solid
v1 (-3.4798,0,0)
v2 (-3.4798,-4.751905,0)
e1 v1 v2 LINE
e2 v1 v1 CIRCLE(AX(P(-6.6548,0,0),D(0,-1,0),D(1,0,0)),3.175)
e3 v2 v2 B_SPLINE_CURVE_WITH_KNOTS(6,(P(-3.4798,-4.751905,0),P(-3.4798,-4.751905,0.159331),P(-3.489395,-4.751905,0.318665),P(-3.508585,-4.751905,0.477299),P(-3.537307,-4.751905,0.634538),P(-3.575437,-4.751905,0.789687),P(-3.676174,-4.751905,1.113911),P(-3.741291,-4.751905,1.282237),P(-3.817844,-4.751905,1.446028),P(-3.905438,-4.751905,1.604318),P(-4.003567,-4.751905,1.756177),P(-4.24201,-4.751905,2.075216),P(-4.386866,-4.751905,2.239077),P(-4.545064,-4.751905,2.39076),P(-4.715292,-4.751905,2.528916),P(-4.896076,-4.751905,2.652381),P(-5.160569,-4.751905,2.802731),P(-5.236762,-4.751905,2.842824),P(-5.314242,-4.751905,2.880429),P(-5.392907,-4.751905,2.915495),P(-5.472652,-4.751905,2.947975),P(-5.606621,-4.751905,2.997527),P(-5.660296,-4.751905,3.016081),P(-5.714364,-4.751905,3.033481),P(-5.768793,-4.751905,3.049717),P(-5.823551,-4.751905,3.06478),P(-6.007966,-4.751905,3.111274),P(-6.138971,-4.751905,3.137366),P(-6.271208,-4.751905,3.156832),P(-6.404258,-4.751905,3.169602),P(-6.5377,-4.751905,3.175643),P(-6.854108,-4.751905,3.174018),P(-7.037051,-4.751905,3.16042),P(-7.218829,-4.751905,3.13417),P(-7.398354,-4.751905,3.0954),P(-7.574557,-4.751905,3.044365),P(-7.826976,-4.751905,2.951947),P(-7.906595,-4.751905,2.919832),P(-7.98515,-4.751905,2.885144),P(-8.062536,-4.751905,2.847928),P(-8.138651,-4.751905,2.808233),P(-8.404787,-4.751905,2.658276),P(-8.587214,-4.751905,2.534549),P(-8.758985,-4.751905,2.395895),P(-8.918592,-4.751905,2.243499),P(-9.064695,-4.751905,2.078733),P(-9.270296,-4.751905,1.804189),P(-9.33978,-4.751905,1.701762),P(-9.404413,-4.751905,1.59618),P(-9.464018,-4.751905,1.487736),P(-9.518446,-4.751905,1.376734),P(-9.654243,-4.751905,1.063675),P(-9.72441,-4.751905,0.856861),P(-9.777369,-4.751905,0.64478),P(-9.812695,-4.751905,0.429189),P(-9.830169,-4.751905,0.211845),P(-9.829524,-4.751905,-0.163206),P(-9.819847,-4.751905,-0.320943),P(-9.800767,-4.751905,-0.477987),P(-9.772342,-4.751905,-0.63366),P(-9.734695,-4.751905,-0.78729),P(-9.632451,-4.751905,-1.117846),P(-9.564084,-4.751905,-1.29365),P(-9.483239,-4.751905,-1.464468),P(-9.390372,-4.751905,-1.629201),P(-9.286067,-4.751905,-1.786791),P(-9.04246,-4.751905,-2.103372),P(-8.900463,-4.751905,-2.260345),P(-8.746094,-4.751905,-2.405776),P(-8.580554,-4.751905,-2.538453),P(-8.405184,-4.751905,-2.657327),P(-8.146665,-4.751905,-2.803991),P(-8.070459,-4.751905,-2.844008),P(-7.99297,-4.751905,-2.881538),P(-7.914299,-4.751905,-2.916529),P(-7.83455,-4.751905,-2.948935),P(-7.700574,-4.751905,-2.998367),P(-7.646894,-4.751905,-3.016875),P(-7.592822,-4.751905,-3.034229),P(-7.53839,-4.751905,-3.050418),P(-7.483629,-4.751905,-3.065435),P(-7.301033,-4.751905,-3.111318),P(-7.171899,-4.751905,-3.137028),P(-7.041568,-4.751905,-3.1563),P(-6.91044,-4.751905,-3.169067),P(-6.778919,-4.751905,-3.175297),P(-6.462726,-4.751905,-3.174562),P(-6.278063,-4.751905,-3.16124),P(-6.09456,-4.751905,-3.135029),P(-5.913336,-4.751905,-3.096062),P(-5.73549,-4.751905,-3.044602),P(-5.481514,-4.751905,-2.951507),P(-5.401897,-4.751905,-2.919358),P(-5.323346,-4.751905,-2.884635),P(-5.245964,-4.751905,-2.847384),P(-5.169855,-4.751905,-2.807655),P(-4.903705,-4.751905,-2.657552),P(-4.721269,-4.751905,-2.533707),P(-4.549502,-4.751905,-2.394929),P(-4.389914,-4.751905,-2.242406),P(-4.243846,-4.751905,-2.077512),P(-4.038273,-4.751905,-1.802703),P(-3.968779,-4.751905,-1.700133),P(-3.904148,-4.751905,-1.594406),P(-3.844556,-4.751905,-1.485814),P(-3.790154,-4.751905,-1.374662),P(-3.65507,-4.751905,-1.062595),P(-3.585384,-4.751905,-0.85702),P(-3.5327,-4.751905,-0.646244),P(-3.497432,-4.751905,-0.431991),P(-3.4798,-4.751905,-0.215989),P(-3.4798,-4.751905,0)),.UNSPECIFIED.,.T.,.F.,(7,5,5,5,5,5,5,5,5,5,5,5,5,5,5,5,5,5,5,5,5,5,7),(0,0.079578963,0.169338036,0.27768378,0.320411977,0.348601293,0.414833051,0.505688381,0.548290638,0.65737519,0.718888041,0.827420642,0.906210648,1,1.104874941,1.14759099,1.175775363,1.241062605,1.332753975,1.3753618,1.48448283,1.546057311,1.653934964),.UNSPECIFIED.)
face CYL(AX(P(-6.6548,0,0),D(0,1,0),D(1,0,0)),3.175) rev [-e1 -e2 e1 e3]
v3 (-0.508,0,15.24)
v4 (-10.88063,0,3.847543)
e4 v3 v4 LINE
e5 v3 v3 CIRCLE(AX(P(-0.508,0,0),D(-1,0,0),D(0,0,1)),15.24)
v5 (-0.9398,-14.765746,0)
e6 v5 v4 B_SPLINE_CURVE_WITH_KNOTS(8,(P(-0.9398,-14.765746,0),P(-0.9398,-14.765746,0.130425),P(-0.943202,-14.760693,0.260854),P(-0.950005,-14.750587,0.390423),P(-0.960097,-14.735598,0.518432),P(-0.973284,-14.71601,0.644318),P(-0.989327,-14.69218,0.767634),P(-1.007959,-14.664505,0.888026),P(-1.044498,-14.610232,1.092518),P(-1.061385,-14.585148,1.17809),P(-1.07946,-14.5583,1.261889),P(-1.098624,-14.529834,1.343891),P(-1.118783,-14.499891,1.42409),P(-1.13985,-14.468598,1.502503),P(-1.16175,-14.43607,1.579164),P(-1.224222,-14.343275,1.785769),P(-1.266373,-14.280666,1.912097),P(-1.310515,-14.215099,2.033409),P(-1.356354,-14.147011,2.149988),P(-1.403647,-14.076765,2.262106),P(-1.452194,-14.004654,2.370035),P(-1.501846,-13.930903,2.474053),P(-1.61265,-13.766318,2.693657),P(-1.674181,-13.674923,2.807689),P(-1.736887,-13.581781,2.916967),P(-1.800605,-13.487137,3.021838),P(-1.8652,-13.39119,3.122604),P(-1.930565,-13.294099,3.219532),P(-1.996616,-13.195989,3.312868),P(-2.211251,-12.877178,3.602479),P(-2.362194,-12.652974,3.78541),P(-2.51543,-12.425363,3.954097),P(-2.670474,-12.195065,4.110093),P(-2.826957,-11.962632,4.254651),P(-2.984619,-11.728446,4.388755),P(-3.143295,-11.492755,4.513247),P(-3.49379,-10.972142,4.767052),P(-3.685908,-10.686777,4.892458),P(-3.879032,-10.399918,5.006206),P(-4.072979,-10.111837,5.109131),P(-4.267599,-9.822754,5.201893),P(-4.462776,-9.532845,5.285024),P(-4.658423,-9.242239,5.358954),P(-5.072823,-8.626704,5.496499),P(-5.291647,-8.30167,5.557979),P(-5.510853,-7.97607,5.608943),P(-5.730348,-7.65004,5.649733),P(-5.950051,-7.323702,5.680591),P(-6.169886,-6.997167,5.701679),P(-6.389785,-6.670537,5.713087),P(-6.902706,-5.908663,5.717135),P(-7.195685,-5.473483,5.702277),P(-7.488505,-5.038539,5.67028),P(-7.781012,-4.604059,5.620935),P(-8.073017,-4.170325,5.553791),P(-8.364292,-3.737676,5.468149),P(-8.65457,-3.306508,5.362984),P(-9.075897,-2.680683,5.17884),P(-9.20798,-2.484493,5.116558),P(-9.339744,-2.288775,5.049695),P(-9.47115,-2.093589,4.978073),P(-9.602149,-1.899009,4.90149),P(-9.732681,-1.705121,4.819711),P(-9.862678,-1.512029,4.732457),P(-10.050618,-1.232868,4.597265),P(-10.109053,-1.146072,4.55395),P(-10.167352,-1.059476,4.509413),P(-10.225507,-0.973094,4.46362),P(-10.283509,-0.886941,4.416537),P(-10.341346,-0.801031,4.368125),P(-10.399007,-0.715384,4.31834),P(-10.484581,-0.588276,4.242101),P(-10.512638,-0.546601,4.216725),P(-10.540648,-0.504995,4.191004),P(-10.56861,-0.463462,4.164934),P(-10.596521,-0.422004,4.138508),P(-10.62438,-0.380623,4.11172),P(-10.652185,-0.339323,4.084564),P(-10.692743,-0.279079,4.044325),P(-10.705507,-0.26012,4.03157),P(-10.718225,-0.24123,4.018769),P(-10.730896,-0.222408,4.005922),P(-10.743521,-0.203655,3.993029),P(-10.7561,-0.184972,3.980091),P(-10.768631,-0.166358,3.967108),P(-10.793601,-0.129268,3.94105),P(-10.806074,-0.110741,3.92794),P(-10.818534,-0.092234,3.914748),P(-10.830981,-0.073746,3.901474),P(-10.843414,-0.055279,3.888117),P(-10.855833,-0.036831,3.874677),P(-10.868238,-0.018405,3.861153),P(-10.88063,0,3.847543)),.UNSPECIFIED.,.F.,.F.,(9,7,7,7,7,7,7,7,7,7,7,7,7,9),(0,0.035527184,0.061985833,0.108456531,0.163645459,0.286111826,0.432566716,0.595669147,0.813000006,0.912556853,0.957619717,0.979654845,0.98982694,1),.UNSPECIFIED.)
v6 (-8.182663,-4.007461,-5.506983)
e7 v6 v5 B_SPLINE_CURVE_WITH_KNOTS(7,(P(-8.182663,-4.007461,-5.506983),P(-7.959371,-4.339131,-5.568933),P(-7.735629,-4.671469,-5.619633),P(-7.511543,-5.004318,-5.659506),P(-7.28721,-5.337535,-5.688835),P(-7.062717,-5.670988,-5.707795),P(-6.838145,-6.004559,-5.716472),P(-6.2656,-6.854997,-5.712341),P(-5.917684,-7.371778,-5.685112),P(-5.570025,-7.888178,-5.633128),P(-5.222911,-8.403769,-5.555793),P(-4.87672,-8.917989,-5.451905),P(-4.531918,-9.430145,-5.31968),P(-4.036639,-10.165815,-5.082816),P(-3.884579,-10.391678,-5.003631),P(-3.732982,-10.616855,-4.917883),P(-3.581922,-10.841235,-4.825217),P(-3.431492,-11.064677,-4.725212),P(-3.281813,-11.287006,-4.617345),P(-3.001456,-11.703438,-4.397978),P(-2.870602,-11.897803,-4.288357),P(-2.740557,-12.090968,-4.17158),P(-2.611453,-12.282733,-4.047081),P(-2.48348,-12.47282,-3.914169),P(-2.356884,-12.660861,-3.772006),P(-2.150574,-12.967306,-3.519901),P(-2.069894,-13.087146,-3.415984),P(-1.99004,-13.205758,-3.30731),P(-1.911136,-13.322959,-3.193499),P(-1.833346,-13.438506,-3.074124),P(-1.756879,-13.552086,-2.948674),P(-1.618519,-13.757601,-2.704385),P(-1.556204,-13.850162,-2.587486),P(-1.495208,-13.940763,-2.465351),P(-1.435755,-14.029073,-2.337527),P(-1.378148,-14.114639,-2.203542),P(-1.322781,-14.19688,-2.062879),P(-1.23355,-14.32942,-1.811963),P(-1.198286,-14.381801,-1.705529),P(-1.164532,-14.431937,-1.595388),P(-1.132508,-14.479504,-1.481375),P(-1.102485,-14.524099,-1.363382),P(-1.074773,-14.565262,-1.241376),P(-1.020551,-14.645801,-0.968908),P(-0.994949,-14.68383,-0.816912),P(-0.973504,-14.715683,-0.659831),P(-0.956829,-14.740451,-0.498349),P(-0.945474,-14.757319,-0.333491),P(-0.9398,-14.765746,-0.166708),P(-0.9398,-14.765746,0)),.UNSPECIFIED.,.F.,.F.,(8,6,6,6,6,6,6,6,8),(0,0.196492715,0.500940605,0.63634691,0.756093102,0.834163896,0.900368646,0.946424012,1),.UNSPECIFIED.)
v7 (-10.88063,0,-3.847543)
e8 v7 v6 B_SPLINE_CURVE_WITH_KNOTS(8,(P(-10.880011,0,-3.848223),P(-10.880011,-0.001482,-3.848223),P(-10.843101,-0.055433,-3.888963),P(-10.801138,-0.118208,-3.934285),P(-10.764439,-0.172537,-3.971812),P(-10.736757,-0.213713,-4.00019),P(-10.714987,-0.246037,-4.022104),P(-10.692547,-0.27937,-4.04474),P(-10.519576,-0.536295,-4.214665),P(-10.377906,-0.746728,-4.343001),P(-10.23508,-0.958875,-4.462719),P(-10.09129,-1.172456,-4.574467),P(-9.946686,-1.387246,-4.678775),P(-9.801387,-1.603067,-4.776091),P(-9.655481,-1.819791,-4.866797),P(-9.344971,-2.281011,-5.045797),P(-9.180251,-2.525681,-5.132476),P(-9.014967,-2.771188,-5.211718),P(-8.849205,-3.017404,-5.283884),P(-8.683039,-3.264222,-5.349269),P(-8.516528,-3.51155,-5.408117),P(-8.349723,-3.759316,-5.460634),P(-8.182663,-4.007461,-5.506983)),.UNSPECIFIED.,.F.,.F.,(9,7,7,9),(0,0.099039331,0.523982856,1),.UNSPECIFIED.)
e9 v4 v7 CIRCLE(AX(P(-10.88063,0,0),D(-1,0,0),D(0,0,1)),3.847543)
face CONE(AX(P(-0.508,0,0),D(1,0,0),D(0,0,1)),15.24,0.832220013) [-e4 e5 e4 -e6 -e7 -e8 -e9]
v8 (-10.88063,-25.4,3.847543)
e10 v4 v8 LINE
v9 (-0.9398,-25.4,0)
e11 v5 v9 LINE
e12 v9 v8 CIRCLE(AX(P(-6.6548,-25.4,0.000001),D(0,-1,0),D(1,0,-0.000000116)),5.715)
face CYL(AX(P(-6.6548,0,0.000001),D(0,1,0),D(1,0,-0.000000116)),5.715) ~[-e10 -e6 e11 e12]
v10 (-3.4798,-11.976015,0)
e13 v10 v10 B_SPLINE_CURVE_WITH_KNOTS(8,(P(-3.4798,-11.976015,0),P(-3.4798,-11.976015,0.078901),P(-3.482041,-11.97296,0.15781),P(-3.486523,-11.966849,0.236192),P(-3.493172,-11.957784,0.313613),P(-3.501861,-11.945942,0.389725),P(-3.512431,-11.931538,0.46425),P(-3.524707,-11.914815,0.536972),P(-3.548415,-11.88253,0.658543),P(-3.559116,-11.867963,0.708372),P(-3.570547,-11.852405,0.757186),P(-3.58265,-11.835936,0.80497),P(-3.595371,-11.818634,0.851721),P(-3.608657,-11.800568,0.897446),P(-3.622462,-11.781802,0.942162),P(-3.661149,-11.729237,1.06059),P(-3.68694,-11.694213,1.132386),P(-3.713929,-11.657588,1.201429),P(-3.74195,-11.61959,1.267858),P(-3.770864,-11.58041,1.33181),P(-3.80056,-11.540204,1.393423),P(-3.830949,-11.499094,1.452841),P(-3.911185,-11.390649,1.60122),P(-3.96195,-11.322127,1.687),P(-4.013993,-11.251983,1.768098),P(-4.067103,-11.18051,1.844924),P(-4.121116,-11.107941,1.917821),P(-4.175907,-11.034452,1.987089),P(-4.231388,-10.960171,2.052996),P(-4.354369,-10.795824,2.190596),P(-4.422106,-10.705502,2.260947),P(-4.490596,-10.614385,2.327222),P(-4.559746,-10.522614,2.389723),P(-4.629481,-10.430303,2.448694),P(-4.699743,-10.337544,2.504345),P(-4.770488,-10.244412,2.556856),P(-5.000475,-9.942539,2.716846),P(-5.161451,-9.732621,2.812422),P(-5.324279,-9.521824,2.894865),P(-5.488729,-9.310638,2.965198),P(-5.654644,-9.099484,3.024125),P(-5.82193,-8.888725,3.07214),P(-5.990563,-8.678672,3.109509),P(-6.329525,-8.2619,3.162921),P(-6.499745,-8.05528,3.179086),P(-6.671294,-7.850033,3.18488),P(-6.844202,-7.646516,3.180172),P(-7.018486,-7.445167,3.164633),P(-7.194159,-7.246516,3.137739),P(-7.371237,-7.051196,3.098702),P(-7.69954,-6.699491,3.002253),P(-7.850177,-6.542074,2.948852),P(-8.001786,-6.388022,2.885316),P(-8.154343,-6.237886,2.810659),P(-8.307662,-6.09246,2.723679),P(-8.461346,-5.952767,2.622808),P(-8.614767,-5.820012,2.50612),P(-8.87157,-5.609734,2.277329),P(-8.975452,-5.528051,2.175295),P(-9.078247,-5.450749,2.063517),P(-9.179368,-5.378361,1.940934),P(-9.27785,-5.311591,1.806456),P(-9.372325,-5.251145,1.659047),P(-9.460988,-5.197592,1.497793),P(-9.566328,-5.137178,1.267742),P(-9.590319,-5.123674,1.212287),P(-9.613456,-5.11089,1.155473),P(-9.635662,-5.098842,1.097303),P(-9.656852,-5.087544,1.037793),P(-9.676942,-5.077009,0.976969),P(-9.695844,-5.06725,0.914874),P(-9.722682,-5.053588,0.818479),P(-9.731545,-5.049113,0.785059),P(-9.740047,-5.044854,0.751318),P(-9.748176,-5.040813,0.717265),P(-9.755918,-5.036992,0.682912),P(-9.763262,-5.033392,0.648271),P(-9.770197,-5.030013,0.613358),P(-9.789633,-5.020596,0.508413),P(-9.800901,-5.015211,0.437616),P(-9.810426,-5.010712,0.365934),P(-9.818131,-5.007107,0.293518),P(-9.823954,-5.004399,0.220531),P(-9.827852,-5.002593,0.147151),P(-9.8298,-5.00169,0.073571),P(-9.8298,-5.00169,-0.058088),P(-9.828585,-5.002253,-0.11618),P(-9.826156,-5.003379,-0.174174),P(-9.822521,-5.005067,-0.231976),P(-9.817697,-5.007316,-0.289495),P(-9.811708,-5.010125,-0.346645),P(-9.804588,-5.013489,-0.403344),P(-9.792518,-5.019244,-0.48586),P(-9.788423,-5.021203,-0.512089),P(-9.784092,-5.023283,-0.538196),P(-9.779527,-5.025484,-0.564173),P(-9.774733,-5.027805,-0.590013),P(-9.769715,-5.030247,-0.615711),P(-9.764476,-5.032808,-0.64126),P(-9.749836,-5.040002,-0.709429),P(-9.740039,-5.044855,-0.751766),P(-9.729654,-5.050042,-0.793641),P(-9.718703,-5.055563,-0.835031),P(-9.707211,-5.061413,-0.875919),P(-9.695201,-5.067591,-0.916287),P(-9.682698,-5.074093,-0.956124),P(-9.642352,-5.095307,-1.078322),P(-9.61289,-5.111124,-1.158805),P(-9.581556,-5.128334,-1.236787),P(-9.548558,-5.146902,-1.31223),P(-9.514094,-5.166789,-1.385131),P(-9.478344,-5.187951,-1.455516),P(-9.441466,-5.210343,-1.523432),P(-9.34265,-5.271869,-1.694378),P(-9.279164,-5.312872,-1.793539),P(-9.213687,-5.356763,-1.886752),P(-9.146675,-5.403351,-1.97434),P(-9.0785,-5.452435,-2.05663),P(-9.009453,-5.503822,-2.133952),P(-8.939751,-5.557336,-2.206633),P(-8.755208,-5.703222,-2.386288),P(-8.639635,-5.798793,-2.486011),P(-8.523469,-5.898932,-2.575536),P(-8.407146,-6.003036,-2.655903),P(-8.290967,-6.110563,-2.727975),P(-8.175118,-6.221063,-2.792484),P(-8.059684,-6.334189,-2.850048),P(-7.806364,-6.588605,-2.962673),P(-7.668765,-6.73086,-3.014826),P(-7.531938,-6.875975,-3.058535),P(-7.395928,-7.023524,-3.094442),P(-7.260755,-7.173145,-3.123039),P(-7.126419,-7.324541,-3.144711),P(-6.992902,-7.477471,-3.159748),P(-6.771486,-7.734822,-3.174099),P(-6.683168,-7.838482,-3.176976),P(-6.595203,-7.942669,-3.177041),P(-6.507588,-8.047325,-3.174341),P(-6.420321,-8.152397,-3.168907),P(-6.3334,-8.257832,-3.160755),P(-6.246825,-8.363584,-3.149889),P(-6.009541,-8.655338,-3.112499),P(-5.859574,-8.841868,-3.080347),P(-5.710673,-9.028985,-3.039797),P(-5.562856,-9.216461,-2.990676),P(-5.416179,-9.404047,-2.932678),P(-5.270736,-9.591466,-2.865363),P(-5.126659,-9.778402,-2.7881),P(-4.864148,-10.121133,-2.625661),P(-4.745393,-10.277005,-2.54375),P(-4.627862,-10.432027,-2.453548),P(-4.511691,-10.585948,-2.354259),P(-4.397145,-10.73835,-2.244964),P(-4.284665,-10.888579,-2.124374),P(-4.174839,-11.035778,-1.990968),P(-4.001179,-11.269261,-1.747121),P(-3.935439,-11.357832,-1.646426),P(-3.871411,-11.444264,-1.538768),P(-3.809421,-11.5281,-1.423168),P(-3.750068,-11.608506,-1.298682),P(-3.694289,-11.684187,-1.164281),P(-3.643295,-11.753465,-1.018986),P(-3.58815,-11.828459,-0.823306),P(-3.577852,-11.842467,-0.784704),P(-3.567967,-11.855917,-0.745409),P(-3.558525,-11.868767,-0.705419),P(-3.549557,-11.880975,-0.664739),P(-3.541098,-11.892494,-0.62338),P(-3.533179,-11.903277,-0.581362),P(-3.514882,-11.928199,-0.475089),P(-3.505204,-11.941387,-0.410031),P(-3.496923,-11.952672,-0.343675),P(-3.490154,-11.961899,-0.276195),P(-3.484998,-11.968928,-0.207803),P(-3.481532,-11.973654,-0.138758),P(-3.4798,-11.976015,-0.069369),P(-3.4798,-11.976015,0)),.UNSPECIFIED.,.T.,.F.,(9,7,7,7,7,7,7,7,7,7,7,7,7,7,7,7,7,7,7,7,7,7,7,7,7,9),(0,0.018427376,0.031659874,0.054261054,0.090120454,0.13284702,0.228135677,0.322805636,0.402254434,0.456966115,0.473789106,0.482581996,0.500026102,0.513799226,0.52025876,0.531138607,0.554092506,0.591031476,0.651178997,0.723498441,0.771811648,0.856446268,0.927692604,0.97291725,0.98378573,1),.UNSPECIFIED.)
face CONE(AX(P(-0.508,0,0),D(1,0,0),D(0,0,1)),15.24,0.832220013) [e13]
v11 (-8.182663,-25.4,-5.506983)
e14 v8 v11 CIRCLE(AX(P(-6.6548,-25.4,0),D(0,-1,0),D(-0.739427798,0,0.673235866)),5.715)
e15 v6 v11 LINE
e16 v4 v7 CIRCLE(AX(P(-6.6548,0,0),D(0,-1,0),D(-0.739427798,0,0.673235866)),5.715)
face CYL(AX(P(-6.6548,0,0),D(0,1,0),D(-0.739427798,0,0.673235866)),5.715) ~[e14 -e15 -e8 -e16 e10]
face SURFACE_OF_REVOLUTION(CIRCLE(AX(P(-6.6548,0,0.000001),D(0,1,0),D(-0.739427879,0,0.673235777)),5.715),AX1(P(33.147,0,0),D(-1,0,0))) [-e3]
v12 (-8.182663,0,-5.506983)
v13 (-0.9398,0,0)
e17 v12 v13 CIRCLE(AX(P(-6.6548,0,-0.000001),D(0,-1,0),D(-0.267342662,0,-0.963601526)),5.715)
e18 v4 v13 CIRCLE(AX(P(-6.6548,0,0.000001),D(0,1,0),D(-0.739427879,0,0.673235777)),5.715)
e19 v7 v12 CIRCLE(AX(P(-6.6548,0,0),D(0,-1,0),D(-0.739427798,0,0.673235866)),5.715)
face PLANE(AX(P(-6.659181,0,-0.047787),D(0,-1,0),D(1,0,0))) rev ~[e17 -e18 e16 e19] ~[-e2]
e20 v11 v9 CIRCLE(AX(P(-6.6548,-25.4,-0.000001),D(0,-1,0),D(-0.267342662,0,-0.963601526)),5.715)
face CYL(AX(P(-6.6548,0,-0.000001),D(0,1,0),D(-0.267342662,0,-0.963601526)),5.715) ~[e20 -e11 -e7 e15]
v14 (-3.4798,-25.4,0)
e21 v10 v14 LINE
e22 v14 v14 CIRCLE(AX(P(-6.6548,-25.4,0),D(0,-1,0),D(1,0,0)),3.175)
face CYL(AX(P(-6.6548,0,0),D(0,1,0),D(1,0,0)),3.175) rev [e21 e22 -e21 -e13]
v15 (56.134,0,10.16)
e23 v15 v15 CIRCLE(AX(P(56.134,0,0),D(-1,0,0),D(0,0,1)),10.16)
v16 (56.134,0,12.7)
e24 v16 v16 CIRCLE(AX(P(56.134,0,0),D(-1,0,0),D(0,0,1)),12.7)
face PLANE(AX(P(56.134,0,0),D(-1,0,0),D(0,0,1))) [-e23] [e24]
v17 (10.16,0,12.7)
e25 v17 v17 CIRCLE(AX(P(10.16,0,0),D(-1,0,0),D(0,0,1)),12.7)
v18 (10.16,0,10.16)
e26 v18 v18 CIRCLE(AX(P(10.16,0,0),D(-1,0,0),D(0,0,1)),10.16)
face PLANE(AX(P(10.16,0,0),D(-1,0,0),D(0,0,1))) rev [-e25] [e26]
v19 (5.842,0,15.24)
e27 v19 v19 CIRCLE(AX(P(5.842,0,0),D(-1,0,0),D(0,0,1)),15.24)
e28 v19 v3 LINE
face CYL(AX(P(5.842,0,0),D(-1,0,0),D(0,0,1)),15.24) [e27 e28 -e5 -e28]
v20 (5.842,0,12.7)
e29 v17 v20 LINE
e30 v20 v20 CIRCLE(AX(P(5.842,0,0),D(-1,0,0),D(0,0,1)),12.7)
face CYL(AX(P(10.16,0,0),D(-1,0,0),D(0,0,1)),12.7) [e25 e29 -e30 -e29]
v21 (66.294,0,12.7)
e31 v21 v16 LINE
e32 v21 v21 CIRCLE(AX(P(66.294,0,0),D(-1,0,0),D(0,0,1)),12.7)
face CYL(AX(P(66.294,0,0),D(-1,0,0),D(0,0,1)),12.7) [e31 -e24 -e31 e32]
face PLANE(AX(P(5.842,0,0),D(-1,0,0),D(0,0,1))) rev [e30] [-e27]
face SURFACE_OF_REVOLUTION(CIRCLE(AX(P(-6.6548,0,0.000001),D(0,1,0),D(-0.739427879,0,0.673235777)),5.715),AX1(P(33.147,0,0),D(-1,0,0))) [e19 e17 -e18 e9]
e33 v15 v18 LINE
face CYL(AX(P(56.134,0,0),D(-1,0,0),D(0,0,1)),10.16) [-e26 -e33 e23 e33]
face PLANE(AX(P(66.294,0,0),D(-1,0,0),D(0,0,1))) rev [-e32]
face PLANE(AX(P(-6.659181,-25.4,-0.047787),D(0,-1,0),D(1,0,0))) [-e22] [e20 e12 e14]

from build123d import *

# Parameters (mm, degrees)
F0_W     = 5.842
F0_H     = 12.7
F0_R     = 3.175
F3_DEPTH = 25.4


with BuildPart() as f1:
    # F0 (on Front) → F1 (revolve)
    with BuildSketch(Plane.XZ):
        with Locations((2.921, 6.35)):
            Rectangle(F0_W, F0_H)
        with BuildLine():
            Line((-0.9398, 0), (0, 0))
            Line((0, 0), (0, 12.7))
            Line((0, 12.7), (5.842, 12.7))
            Line((5.842, 12.7), (5.842, 15.24))
            Line((5.842, 15.24), (-0.508, 15.24))
            Line((-0.508, 15.24), (-10.88063, 3.847543))
            ThreePointArc((-10.88063, 3.847543), (-4.591961, 5.329721), (-0.9398, 0))
        make_face()
    revolve(axis=Axis((33.147, 0, 0), (-1, 0, 0)))

    # F0 (on Front) → F2 (revolve)
    with BuildSketch(Plane.XZ):
        Polygon((5.842, 12.7), (5.842, 0), (66.294, 0), (66.294, 12.7), (56.134, 12.7), (56.134, 10.16), (10.16, 10.16), (10.16, 12.7), align=None)
    revolve(axis=Axis((33.147, 0, 0), (-1, 0, 0)))

    # F0 (on Front) → F3 (join)
    with BuildSketch(Plane.XZ):
        with BuildLine():
            ThreePointArc((-8.182663, -5.506983), (-3.195791, -4.549339), (-0.9398, 0))
            ThreePointArc((-0.9398, 0), (-4.591961, 5.329721), (-10.88063, 3.847543))
            ThreePointArc((-10.88063, 3.847543), (-12.145978, -1.583727), (-8.182663, -5.506983))
        make_face()
        with Locations((-6.6548, 0)):
            Circle(F0_R, mode=Mode.SUBTRACT)
    extrude(amount=F3_DEPTH)


solid = f1.part
